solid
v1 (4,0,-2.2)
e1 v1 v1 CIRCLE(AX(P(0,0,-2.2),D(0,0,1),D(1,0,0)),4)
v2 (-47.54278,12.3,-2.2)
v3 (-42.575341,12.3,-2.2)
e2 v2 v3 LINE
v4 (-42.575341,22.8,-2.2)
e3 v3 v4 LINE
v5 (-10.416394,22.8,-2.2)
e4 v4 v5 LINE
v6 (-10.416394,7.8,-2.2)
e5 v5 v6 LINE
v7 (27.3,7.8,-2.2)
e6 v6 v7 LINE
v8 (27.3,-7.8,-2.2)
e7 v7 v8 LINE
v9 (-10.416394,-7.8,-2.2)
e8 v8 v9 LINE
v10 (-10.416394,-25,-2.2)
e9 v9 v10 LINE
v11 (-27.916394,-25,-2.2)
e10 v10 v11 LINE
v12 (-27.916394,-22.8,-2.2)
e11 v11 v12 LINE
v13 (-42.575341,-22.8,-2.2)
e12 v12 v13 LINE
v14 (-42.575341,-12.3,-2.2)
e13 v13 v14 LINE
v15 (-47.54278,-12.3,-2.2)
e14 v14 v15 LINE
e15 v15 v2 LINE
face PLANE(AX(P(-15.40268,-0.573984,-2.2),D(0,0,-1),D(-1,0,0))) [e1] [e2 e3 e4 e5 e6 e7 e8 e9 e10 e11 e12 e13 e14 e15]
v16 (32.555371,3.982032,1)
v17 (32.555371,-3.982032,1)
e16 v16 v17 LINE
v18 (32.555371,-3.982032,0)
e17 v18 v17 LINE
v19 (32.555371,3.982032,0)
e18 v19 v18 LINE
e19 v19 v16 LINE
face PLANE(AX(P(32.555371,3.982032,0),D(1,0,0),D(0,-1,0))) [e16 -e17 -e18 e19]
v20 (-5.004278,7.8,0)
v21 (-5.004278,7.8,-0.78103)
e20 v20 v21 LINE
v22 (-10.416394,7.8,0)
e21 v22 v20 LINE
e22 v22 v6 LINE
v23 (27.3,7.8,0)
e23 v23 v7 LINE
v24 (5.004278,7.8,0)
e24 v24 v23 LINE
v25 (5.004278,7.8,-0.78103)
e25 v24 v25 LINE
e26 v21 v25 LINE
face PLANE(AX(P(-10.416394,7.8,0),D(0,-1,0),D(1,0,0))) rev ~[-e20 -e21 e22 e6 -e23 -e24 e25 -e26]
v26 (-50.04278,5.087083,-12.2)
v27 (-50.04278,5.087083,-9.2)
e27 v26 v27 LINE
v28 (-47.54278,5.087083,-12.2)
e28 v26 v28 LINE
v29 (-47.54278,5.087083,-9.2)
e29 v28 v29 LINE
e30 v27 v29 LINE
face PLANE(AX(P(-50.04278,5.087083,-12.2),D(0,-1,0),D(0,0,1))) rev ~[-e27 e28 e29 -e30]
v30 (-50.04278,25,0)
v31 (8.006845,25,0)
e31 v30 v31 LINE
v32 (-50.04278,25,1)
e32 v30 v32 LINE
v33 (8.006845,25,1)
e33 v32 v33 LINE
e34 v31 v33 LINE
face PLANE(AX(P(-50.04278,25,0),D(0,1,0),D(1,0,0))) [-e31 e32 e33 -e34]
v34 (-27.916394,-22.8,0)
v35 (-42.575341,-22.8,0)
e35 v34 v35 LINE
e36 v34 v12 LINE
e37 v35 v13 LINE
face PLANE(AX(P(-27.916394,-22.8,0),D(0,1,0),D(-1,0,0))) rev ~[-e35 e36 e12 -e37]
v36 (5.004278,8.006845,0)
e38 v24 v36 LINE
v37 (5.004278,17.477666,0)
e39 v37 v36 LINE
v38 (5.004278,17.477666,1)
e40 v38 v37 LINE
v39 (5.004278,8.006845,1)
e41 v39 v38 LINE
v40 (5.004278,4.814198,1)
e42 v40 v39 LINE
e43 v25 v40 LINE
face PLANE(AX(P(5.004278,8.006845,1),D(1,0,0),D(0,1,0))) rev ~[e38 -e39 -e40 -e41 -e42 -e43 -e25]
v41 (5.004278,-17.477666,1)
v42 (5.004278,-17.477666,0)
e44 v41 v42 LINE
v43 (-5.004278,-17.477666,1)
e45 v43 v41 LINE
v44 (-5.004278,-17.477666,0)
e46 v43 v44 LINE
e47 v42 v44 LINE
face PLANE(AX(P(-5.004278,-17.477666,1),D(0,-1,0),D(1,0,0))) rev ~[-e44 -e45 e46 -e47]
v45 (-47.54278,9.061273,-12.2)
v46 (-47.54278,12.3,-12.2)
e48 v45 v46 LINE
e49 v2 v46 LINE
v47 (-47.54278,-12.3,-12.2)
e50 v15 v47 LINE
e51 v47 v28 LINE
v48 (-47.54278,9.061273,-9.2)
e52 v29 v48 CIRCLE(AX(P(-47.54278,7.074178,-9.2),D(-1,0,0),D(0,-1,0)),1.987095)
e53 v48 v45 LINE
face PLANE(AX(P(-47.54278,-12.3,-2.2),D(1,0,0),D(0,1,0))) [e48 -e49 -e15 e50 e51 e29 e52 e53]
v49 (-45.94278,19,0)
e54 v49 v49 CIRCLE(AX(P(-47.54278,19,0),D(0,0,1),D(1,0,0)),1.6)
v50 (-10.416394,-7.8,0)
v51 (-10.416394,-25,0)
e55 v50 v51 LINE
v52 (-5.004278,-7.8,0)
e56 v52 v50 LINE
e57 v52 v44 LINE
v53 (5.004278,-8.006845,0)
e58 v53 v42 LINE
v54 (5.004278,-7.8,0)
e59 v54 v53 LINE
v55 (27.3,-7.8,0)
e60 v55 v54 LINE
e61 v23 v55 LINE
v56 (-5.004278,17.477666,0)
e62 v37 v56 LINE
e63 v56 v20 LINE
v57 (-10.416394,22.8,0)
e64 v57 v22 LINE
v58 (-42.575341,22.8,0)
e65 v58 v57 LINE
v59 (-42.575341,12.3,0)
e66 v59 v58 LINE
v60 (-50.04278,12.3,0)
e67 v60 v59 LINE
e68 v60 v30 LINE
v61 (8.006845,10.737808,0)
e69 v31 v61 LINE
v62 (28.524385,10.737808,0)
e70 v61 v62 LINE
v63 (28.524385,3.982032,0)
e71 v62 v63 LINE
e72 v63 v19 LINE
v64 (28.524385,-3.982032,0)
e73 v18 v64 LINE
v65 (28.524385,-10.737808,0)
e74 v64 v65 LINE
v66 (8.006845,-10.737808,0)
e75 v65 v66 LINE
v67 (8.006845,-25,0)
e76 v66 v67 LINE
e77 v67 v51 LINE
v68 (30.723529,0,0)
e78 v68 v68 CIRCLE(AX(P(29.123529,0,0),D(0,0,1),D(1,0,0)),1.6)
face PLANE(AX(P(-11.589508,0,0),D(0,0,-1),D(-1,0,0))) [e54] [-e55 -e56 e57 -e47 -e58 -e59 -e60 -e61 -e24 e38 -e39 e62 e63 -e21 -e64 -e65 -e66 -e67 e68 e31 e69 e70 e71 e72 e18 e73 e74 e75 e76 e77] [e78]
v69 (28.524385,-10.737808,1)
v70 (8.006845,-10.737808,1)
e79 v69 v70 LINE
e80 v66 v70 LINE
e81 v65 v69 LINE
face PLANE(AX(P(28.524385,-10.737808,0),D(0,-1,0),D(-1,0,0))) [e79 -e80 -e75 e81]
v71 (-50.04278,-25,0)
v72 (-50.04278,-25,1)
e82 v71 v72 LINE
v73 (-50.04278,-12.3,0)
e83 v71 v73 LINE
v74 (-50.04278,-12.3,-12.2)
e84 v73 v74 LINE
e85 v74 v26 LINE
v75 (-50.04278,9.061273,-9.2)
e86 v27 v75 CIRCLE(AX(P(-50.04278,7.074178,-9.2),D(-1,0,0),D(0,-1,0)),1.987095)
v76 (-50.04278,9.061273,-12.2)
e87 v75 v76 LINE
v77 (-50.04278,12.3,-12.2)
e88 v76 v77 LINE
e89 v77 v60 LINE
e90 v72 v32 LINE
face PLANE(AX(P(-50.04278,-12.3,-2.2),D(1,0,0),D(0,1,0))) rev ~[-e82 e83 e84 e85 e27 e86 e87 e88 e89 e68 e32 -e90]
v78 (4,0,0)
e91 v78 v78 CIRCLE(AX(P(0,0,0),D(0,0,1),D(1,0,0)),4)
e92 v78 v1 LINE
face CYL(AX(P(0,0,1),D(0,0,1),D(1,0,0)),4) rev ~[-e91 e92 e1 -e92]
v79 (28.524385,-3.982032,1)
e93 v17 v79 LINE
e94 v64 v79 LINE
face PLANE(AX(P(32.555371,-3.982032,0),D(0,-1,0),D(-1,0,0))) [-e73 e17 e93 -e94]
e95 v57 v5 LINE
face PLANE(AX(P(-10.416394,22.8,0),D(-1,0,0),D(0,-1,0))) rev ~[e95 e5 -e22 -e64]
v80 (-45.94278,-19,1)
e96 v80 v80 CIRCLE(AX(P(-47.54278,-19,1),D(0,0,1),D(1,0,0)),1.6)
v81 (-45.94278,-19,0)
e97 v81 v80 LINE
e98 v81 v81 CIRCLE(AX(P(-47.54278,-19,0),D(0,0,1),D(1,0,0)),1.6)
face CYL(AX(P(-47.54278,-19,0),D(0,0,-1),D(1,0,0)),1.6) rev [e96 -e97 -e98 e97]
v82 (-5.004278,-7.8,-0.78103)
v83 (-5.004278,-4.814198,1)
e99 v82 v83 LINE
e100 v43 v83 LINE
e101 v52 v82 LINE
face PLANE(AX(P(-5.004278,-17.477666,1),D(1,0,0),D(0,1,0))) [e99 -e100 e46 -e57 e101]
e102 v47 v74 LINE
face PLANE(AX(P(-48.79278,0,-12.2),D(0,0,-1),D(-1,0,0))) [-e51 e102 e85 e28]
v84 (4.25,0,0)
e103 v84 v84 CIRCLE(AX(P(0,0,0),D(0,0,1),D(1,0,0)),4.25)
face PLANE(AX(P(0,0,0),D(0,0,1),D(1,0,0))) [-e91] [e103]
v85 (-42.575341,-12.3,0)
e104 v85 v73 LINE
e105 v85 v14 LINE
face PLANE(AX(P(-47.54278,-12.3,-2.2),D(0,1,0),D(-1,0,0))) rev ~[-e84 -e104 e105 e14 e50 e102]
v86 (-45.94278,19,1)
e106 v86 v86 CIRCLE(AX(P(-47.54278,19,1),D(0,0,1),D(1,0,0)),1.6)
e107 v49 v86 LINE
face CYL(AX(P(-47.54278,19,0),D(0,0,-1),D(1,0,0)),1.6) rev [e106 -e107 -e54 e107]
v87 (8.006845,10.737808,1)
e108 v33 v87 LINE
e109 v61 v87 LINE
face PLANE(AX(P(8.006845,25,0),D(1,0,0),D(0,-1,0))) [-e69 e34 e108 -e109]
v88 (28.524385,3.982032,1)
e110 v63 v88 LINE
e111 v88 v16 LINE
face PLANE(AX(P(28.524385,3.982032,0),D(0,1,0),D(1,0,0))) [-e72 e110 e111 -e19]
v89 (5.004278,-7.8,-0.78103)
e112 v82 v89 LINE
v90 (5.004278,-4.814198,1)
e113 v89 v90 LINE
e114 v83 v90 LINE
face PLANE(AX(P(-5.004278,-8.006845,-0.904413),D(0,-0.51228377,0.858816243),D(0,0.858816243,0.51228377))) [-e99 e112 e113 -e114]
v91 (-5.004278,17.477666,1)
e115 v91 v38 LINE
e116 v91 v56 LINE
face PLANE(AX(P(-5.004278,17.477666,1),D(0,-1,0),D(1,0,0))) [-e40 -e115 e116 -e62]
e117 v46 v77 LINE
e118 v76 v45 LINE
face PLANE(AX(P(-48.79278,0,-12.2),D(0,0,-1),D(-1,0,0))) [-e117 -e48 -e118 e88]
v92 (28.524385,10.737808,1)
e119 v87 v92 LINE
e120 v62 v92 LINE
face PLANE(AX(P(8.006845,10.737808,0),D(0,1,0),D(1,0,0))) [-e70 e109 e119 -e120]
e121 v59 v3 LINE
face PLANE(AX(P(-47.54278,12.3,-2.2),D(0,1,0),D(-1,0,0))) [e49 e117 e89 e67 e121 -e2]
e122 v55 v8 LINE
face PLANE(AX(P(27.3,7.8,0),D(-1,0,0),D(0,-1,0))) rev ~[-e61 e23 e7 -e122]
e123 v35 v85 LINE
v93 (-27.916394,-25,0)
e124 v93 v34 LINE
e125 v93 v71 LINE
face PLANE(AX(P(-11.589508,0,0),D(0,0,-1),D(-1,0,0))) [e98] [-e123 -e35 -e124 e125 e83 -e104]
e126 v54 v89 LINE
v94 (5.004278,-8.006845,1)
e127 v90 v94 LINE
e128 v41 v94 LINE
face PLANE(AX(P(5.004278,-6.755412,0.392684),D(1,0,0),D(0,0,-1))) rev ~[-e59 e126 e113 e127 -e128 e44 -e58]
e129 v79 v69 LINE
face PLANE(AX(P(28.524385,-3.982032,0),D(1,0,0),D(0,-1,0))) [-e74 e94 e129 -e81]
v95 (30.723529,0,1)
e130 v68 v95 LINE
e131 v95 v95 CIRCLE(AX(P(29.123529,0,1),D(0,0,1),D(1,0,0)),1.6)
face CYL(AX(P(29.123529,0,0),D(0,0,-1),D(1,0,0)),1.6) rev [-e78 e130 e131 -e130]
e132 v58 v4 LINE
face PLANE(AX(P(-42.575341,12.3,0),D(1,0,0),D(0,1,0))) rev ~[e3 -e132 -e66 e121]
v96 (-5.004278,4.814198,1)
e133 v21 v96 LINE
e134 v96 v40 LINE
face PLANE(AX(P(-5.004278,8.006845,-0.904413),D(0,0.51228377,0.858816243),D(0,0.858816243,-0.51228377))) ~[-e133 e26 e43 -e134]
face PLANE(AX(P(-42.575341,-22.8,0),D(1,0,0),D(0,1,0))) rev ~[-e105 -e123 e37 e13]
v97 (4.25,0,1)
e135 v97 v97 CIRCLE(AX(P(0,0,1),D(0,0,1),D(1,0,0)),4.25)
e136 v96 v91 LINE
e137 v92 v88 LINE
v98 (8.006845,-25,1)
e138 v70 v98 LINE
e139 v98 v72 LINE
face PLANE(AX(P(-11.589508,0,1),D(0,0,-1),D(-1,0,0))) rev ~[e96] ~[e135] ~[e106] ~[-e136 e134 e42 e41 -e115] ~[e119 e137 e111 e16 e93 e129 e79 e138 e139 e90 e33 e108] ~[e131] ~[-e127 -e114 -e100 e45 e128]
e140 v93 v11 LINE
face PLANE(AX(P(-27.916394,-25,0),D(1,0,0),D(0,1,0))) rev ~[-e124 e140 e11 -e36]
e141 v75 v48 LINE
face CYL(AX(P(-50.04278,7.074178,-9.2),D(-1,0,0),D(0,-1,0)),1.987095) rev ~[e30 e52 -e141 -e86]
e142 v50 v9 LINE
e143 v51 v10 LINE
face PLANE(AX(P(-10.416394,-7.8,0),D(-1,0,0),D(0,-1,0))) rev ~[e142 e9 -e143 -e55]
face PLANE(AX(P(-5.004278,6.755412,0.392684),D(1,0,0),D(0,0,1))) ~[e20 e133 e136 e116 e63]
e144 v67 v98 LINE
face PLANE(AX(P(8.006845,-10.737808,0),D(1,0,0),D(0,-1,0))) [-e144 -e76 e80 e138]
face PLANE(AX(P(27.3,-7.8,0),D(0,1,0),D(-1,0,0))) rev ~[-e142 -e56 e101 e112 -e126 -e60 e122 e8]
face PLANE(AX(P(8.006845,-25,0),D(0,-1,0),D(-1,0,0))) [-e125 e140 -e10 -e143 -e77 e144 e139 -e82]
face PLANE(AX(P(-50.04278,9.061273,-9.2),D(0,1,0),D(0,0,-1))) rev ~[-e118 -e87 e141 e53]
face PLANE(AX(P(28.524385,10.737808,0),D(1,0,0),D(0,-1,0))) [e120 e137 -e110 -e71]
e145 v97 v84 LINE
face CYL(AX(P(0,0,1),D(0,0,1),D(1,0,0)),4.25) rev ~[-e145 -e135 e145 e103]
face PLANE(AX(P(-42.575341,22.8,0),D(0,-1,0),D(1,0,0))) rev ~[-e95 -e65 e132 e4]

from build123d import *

# Parameters (mm, degrees)
SKETCH4_R           = 1.6
BOSS_EXTRUDE2_DEPTH = 1
BOSS_EXTRUDE3_DEPTH = 2.2
SKETCH6_R           = 4
SKETCH6_W           = 10.008556046
SKETCH6_H           = 9.470821567
CUT_EXTRUDE1_DEPTH  = 4.2
CUT_EXTRUDE2_DEPTH  = 10.008556
SKETCH8_W           = 2.5
SKETCH8_H           = 24.6
BOSS_EXTRUDE4_DEPTH = 10
CUT_EXTRUDE3_REACH  = 84.598
SKETCH10_R          = 4.25
CUT_EXTRUDE4_DEPTH  = 1


with BuildPart() as part:
    # Sketch4 → Boss-Extrude2 (new body)
    with BuildSketch(Plane.XY):
        Polygon((-50.042780229, 25), (8.006844837, 25), (8.006844837, 10.737807635), (28.52438473, 10.737807635), (28.52438473, 3.982032304), (32.555371359, 3.982032304), (32.555371359, -3.982032304), (28.52438473, -3.982032304), (28.52438473, -10.737807635), (8.006844837, -10.737807635), (8.006844837, -25), (-50.042780229, -25), align=None)
        with Locations((-47.542780229, 19)):
            Circle(SKETCH4_R, mode=Mode.SUBTRACT)
        with Locations((-47.542780229, -19)):
            Circle(SKETCH4_R, mode=Mode.SUBTRACT)
        with Locations((29.123529126, 0)):
            Circle(SKETCH4_R, mode=Mode.SUBTRACT)
    extrude(amount=BOSS_EXTRUDE2_DEPTH)

    # Sketch5 → Boss-Extrude3 (add)
    with BuildSketch(Plane(origin=(0, 0, 0), x_dir=(-1, 0, 0), z_dir=(0, 0, -1))):
        Polygon((10.130686795, 7.8), (-27.3, 7.8), (-27.3, -7.8), (10.130686795, -7.8), (10.416393564, -7.8), (10.416393564, -8), (10.416393564, -25), (27.916393564, -25), (27.916393564, -22.8), (42.575341492, -22.8), (42.575341492, -12.3), (50.042780229, -12.3), (50.042780229, 12.3), (42.575341492, 12.3), (42.575341492, 22.8), (10.416393564, 22.8), (10.416393564, 8), (10.416393564, 7.8), align=None)
    extrude(amount=BOSS_EXTRUDE3_DEPTH)

    # Sketch6 → Cut-Extrude1 (cut, through all)
    with BuildSketch(Plane.XY.offset(1)):
        Circle(SKETCH6_R)
        with Locations((0, -12.74225562)):
            Rectangle(SKETCH6_W, SKETCH6_H)
        with Locations((0, 12.74225562)):
            Rectangle(SKETCH6_W, SKETCH6_H)
    extrude(amount=-CUT_EXTRUDE1_DEPTH, mode=Mode.SUBTRACT)

    # Sketch7 → Cut-Extrude2 (cut)
    with BuildSketch(Plane(origin=(-5.004278023, 0, 0), x_dir=(0, 0, -1), z_dir=(1, 0, 0))):
        Polygon((0.904413332, -8.006844837), (-1, -4.814198104), (-1, -8.006844837), (0, -8.006844837), align=None)
    cut_extrude2 = extrude(amount=CUT_EXTRUDE2_DEPTH, mode=Mode.SUBTRACT)

    # Mirror1: Cut-Extrude2 across plane
    add(cut_extrude2.mirror(Plane.ZX), mode=Mode.SUBTRACT)

    # Sketch8 → Boss-Extrude4 (add)
    with BuildSketch(Plane(origin=(0, 0, -2.2), x_dir=(-1, 0, 0), z_dir=(0, 0, -1))):
        with Locations((48.792780229, 0)):
            Rectangle(SKETCH8_W, SKETCH8_H)
    extrude(amount=BOSS_EXTRUDE4_DEPTH)

    # Sketch9 → Cut-Extrude3 (cut, up to next)
    with BuildSketch(Plane.ZY.offset(50.042780229), mode=Mode.PRIVATE) as cut_extrude3_sk1:
        with BuildLine():
            Line((-9.2, 9.061272662), (-12.2, 9.061272662))
            Line((-12.2, 9.061272662), (-12.2, 5.087082771))
            Line((-12.2, 5.087082771), (-9.2, 5.087082771))
            ThreePointArc((-9.2, 5.087082771), (-7.212905055, 7.074177716), (-9.2, 9.061272662))
        make_face()
    cut_extrude3_tool1 = extrude(cut_extrude3_sk1.sketch, amount=-CUT_EXTRUDE3_REACH, mode=Mode.PRIVATE) & part.part
    add(cut_extrude3_tool1.solids().sort_by_distance((-50.04278, 7.074178, -9.898105))[0], mode=Mode.SUBTRACT)

    # Sketch10 → Cut-Extrude4 (cut)
    with BuildSketch(Plane.XY.offset(1)):
        Circle(SKETCH10_R)
    extrude(amount=-CUT_EXTRUDE4_DEPTH, mode=Mode.SUBTRACT)


solid = part.part
